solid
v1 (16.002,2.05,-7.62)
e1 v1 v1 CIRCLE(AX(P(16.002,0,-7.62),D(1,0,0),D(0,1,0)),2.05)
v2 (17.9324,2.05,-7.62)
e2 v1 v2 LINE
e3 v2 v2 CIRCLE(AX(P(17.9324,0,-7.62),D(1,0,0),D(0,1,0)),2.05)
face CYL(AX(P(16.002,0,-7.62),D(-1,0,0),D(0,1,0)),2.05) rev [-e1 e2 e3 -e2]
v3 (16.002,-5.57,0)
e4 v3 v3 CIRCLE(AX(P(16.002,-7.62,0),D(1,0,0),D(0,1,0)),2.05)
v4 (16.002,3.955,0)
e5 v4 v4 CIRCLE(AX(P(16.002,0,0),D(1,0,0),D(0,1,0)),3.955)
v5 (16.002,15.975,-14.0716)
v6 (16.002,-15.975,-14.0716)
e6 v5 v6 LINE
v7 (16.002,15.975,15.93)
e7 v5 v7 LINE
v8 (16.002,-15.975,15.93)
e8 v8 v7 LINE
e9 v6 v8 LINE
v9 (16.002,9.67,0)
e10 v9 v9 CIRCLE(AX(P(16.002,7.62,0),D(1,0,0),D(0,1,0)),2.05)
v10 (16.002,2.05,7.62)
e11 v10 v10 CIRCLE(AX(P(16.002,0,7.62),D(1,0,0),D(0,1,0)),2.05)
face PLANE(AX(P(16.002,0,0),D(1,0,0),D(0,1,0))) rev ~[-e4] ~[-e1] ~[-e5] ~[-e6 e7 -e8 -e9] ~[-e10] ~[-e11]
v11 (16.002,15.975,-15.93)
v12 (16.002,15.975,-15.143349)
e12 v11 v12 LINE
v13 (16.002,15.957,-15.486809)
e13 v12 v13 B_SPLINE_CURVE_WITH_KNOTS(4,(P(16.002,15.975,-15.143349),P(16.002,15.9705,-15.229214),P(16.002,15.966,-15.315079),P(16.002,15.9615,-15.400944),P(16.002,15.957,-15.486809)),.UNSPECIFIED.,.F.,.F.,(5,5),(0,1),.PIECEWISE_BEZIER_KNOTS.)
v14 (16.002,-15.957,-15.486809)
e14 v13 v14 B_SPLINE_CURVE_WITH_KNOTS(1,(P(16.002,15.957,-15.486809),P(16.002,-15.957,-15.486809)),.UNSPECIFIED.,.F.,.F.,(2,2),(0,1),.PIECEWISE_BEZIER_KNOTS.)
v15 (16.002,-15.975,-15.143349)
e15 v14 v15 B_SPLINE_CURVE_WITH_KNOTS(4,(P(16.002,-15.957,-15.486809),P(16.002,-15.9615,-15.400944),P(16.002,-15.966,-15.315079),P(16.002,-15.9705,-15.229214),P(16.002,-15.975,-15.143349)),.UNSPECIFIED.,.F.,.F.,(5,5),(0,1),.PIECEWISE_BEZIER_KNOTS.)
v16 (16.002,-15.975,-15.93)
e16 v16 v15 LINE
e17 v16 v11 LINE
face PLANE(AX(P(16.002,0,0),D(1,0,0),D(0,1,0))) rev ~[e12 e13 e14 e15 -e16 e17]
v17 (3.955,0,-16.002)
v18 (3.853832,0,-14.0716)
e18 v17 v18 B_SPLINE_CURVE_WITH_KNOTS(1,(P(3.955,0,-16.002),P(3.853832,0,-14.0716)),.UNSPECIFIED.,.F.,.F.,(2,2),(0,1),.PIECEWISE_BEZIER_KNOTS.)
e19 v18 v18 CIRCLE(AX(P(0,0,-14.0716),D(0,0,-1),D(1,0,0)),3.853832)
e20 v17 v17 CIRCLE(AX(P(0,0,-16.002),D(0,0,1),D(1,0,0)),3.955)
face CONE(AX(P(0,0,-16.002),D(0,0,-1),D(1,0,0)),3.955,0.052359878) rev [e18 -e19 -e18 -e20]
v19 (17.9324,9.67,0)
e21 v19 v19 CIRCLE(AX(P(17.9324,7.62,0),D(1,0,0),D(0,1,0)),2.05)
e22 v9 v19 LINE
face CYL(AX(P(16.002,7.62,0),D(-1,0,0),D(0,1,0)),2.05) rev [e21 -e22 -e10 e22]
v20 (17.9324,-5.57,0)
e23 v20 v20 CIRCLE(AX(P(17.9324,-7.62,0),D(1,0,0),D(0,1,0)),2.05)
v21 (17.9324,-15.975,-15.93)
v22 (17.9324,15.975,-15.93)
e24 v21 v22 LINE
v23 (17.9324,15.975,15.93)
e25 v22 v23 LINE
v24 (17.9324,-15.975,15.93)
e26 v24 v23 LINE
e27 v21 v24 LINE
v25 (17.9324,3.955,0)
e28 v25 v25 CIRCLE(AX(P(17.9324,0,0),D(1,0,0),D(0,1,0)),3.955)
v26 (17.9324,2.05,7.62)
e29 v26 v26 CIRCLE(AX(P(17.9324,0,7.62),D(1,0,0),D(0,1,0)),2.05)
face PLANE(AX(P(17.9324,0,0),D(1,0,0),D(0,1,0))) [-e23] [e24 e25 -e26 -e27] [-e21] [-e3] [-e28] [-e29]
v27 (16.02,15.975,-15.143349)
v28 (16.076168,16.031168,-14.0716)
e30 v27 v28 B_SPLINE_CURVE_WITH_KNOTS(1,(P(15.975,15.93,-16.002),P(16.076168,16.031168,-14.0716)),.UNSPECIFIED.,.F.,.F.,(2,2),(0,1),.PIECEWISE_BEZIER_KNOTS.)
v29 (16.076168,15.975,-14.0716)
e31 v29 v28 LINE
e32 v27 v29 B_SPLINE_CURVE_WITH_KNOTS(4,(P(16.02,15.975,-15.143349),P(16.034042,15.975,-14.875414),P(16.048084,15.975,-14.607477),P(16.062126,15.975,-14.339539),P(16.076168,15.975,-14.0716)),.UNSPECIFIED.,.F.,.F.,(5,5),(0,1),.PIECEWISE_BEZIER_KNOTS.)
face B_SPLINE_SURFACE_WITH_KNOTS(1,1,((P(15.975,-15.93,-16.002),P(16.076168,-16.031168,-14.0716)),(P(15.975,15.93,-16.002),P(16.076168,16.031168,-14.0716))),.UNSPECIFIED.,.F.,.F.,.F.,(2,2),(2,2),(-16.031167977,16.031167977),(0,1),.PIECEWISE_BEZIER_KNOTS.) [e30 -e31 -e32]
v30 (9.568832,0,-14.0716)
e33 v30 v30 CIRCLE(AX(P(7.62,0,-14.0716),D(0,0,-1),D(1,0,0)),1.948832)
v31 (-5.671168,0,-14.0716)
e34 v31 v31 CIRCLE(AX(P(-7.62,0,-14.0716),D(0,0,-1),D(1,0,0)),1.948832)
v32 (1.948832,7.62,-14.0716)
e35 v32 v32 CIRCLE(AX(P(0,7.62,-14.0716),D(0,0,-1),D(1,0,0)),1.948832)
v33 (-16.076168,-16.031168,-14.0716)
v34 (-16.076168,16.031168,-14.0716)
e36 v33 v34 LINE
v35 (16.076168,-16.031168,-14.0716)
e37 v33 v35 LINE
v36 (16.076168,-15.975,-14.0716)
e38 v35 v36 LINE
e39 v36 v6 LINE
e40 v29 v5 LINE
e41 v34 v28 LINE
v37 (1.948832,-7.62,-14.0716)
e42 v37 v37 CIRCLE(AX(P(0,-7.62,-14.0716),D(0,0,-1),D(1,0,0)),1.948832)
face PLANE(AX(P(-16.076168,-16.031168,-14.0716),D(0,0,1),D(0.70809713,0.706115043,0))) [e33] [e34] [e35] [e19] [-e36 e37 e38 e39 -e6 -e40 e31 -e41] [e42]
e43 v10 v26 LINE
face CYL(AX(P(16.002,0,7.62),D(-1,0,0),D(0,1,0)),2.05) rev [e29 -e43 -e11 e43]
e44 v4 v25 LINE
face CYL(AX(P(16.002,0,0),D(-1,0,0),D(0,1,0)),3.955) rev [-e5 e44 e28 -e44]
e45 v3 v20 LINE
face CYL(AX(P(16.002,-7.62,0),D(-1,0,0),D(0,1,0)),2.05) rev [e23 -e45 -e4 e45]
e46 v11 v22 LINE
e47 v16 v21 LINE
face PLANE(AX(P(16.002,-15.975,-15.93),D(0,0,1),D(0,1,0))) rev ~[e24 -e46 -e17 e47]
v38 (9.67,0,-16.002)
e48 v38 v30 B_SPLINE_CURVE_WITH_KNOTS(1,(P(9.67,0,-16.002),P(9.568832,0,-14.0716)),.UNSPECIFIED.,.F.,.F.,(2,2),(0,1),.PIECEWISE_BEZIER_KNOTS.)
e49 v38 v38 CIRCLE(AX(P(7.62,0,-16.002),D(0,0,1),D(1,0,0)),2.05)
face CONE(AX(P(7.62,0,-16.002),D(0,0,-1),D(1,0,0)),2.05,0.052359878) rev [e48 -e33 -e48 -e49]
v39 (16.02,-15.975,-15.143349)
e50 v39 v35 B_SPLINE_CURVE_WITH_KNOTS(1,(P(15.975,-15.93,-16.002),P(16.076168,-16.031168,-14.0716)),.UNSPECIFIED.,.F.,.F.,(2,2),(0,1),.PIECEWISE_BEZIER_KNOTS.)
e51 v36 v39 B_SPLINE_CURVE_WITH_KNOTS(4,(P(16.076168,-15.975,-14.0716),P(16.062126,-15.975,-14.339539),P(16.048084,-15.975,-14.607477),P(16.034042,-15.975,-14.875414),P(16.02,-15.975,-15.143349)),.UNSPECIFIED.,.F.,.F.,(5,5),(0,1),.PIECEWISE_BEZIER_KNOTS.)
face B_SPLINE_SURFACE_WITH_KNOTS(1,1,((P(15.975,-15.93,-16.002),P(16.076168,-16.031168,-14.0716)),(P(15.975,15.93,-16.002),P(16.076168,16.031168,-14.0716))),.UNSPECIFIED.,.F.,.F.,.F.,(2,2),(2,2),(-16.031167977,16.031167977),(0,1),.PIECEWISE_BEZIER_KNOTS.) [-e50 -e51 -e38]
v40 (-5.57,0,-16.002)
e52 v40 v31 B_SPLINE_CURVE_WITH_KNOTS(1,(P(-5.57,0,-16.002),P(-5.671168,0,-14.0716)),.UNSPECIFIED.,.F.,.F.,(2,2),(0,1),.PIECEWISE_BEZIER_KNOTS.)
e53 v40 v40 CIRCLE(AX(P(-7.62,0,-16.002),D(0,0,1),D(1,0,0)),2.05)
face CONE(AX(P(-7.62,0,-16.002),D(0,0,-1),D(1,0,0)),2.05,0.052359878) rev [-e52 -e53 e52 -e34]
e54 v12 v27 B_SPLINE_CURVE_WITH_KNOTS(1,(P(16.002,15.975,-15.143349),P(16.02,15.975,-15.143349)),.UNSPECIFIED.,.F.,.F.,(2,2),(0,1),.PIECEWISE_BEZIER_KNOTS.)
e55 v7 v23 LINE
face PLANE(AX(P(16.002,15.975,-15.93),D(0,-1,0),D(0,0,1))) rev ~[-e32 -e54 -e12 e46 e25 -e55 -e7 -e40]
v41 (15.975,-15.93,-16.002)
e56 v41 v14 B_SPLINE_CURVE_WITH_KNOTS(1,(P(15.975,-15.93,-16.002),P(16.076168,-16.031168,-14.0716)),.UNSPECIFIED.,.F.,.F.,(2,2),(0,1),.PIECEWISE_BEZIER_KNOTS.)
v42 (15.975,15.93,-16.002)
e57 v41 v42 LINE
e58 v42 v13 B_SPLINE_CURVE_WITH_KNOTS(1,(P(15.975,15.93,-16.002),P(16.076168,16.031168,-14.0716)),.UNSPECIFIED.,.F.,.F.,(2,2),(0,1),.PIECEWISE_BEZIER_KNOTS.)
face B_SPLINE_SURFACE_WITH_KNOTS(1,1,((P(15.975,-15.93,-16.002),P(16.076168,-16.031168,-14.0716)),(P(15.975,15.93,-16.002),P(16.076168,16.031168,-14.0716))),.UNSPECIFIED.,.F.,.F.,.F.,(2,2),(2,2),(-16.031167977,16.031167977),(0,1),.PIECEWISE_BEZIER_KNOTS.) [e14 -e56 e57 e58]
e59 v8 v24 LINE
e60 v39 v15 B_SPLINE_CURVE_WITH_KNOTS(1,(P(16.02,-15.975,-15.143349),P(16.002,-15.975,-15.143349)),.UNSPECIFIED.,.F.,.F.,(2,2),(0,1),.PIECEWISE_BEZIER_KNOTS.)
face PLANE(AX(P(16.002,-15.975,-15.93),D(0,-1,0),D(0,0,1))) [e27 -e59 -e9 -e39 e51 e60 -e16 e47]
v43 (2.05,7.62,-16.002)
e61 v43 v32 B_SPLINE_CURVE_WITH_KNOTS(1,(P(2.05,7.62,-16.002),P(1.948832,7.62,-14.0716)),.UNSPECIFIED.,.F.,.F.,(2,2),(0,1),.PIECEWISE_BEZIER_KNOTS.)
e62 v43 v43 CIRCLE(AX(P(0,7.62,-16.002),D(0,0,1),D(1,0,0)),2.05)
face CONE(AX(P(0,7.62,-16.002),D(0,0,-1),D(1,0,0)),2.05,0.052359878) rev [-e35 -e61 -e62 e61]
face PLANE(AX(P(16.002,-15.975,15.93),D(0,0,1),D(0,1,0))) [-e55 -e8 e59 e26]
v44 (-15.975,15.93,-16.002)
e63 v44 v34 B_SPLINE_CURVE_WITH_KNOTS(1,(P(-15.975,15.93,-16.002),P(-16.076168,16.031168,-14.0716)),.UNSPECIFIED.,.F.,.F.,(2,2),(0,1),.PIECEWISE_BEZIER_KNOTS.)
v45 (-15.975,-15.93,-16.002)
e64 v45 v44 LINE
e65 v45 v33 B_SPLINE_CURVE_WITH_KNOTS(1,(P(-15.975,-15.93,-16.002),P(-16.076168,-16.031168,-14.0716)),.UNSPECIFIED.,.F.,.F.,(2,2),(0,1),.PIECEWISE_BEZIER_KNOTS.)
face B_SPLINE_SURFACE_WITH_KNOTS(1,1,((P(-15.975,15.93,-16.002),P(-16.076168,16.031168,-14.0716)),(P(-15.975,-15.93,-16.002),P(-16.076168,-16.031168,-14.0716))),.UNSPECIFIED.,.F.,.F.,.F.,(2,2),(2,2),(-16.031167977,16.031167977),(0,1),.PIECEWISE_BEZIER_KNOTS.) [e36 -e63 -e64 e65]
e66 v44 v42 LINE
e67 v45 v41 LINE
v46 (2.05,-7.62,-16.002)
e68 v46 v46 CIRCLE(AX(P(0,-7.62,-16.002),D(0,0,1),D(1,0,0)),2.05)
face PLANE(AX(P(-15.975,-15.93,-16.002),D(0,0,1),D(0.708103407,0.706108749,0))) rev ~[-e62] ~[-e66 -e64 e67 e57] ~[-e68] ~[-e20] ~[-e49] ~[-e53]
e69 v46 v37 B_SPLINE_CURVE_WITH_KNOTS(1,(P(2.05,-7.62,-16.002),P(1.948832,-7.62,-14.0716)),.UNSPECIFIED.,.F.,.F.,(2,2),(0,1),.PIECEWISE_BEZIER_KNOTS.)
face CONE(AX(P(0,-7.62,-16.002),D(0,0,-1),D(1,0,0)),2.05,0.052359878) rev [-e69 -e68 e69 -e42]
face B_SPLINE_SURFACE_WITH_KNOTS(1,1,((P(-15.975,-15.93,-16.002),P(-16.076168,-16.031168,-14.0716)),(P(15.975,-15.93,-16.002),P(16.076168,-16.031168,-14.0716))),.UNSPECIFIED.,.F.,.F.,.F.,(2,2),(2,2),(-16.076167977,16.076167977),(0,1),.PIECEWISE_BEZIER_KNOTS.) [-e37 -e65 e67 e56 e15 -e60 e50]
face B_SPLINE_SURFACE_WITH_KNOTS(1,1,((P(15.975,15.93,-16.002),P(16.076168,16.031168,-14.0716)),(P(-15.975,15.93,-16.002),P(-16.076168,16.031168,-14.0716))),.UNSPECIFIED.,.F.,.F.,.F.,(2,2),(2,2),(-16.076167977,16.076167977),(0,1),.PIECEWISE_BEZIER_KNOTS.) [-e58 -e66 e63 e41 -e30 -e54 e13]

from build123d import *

# Parameters (mm, degrees)
F3_W     = 31.95
F3_H     = 31.86
F3_R     = 2.05
F3_R_2   = 3.955
F4_DEPTH = 1.9304
F1_W     = 31.95
F1_H     = 31.86
F1_R     = 2.05
F1_R_2   = 3.955
F5_DEPTH = 1.9304
F5_TAPER = -3


with BuildPart() as f4:
    # F3 (on offset) → F4 (new body)
    with BuildSketch(Plane.YZ.offset(16.002)):
        Rectangle(F3_W, F3_H)
        with Locations((0, -7.62)):
            Circle(F3_R, mode=Mode.SUBTRACT)
        with Locations((-7.62, 0)):
            Circle(F3_R, mode=Mode.SUBTRACT)
        Circle(F3_R_2, mode=Mode.SUBTRACT)
        with Locations((7.62, 0)):
            Circle(F3_R, mode=Mode.SUBTRACT)
        with Locations((0, 7.62)):
            Circle(F3_R, mode=Mode.SUBTRACT)
    extrude(amount=F4_DEPTH)

    # F1 (on offset) → F5 (join)
    with BuildSketch(Plane.XY.offset(-16.002)):
        Rectangle(F1_W, F1_H)
        with Locations((0, -7.62)):
            Circle(F1_R, mode=Mode.SUBTRACT)
        with Locations((-7.62, 0)):
            Circle(F1_R, mode=Mode.SUBTRACT)
        Circle(F1_R_2, mode=Mode.SUBTRACT)
        with Locations((7.62, 0)):
            Circle(F1_R, mode=Mode.SUBTRACT)
        with Locations((0, 7.62)):
            Circle(F1_R, mode=Mode.SUBTRACT)
    extrude(amount=F5_DEPTH, taper=F5_TAPER)


solid = f4.part
